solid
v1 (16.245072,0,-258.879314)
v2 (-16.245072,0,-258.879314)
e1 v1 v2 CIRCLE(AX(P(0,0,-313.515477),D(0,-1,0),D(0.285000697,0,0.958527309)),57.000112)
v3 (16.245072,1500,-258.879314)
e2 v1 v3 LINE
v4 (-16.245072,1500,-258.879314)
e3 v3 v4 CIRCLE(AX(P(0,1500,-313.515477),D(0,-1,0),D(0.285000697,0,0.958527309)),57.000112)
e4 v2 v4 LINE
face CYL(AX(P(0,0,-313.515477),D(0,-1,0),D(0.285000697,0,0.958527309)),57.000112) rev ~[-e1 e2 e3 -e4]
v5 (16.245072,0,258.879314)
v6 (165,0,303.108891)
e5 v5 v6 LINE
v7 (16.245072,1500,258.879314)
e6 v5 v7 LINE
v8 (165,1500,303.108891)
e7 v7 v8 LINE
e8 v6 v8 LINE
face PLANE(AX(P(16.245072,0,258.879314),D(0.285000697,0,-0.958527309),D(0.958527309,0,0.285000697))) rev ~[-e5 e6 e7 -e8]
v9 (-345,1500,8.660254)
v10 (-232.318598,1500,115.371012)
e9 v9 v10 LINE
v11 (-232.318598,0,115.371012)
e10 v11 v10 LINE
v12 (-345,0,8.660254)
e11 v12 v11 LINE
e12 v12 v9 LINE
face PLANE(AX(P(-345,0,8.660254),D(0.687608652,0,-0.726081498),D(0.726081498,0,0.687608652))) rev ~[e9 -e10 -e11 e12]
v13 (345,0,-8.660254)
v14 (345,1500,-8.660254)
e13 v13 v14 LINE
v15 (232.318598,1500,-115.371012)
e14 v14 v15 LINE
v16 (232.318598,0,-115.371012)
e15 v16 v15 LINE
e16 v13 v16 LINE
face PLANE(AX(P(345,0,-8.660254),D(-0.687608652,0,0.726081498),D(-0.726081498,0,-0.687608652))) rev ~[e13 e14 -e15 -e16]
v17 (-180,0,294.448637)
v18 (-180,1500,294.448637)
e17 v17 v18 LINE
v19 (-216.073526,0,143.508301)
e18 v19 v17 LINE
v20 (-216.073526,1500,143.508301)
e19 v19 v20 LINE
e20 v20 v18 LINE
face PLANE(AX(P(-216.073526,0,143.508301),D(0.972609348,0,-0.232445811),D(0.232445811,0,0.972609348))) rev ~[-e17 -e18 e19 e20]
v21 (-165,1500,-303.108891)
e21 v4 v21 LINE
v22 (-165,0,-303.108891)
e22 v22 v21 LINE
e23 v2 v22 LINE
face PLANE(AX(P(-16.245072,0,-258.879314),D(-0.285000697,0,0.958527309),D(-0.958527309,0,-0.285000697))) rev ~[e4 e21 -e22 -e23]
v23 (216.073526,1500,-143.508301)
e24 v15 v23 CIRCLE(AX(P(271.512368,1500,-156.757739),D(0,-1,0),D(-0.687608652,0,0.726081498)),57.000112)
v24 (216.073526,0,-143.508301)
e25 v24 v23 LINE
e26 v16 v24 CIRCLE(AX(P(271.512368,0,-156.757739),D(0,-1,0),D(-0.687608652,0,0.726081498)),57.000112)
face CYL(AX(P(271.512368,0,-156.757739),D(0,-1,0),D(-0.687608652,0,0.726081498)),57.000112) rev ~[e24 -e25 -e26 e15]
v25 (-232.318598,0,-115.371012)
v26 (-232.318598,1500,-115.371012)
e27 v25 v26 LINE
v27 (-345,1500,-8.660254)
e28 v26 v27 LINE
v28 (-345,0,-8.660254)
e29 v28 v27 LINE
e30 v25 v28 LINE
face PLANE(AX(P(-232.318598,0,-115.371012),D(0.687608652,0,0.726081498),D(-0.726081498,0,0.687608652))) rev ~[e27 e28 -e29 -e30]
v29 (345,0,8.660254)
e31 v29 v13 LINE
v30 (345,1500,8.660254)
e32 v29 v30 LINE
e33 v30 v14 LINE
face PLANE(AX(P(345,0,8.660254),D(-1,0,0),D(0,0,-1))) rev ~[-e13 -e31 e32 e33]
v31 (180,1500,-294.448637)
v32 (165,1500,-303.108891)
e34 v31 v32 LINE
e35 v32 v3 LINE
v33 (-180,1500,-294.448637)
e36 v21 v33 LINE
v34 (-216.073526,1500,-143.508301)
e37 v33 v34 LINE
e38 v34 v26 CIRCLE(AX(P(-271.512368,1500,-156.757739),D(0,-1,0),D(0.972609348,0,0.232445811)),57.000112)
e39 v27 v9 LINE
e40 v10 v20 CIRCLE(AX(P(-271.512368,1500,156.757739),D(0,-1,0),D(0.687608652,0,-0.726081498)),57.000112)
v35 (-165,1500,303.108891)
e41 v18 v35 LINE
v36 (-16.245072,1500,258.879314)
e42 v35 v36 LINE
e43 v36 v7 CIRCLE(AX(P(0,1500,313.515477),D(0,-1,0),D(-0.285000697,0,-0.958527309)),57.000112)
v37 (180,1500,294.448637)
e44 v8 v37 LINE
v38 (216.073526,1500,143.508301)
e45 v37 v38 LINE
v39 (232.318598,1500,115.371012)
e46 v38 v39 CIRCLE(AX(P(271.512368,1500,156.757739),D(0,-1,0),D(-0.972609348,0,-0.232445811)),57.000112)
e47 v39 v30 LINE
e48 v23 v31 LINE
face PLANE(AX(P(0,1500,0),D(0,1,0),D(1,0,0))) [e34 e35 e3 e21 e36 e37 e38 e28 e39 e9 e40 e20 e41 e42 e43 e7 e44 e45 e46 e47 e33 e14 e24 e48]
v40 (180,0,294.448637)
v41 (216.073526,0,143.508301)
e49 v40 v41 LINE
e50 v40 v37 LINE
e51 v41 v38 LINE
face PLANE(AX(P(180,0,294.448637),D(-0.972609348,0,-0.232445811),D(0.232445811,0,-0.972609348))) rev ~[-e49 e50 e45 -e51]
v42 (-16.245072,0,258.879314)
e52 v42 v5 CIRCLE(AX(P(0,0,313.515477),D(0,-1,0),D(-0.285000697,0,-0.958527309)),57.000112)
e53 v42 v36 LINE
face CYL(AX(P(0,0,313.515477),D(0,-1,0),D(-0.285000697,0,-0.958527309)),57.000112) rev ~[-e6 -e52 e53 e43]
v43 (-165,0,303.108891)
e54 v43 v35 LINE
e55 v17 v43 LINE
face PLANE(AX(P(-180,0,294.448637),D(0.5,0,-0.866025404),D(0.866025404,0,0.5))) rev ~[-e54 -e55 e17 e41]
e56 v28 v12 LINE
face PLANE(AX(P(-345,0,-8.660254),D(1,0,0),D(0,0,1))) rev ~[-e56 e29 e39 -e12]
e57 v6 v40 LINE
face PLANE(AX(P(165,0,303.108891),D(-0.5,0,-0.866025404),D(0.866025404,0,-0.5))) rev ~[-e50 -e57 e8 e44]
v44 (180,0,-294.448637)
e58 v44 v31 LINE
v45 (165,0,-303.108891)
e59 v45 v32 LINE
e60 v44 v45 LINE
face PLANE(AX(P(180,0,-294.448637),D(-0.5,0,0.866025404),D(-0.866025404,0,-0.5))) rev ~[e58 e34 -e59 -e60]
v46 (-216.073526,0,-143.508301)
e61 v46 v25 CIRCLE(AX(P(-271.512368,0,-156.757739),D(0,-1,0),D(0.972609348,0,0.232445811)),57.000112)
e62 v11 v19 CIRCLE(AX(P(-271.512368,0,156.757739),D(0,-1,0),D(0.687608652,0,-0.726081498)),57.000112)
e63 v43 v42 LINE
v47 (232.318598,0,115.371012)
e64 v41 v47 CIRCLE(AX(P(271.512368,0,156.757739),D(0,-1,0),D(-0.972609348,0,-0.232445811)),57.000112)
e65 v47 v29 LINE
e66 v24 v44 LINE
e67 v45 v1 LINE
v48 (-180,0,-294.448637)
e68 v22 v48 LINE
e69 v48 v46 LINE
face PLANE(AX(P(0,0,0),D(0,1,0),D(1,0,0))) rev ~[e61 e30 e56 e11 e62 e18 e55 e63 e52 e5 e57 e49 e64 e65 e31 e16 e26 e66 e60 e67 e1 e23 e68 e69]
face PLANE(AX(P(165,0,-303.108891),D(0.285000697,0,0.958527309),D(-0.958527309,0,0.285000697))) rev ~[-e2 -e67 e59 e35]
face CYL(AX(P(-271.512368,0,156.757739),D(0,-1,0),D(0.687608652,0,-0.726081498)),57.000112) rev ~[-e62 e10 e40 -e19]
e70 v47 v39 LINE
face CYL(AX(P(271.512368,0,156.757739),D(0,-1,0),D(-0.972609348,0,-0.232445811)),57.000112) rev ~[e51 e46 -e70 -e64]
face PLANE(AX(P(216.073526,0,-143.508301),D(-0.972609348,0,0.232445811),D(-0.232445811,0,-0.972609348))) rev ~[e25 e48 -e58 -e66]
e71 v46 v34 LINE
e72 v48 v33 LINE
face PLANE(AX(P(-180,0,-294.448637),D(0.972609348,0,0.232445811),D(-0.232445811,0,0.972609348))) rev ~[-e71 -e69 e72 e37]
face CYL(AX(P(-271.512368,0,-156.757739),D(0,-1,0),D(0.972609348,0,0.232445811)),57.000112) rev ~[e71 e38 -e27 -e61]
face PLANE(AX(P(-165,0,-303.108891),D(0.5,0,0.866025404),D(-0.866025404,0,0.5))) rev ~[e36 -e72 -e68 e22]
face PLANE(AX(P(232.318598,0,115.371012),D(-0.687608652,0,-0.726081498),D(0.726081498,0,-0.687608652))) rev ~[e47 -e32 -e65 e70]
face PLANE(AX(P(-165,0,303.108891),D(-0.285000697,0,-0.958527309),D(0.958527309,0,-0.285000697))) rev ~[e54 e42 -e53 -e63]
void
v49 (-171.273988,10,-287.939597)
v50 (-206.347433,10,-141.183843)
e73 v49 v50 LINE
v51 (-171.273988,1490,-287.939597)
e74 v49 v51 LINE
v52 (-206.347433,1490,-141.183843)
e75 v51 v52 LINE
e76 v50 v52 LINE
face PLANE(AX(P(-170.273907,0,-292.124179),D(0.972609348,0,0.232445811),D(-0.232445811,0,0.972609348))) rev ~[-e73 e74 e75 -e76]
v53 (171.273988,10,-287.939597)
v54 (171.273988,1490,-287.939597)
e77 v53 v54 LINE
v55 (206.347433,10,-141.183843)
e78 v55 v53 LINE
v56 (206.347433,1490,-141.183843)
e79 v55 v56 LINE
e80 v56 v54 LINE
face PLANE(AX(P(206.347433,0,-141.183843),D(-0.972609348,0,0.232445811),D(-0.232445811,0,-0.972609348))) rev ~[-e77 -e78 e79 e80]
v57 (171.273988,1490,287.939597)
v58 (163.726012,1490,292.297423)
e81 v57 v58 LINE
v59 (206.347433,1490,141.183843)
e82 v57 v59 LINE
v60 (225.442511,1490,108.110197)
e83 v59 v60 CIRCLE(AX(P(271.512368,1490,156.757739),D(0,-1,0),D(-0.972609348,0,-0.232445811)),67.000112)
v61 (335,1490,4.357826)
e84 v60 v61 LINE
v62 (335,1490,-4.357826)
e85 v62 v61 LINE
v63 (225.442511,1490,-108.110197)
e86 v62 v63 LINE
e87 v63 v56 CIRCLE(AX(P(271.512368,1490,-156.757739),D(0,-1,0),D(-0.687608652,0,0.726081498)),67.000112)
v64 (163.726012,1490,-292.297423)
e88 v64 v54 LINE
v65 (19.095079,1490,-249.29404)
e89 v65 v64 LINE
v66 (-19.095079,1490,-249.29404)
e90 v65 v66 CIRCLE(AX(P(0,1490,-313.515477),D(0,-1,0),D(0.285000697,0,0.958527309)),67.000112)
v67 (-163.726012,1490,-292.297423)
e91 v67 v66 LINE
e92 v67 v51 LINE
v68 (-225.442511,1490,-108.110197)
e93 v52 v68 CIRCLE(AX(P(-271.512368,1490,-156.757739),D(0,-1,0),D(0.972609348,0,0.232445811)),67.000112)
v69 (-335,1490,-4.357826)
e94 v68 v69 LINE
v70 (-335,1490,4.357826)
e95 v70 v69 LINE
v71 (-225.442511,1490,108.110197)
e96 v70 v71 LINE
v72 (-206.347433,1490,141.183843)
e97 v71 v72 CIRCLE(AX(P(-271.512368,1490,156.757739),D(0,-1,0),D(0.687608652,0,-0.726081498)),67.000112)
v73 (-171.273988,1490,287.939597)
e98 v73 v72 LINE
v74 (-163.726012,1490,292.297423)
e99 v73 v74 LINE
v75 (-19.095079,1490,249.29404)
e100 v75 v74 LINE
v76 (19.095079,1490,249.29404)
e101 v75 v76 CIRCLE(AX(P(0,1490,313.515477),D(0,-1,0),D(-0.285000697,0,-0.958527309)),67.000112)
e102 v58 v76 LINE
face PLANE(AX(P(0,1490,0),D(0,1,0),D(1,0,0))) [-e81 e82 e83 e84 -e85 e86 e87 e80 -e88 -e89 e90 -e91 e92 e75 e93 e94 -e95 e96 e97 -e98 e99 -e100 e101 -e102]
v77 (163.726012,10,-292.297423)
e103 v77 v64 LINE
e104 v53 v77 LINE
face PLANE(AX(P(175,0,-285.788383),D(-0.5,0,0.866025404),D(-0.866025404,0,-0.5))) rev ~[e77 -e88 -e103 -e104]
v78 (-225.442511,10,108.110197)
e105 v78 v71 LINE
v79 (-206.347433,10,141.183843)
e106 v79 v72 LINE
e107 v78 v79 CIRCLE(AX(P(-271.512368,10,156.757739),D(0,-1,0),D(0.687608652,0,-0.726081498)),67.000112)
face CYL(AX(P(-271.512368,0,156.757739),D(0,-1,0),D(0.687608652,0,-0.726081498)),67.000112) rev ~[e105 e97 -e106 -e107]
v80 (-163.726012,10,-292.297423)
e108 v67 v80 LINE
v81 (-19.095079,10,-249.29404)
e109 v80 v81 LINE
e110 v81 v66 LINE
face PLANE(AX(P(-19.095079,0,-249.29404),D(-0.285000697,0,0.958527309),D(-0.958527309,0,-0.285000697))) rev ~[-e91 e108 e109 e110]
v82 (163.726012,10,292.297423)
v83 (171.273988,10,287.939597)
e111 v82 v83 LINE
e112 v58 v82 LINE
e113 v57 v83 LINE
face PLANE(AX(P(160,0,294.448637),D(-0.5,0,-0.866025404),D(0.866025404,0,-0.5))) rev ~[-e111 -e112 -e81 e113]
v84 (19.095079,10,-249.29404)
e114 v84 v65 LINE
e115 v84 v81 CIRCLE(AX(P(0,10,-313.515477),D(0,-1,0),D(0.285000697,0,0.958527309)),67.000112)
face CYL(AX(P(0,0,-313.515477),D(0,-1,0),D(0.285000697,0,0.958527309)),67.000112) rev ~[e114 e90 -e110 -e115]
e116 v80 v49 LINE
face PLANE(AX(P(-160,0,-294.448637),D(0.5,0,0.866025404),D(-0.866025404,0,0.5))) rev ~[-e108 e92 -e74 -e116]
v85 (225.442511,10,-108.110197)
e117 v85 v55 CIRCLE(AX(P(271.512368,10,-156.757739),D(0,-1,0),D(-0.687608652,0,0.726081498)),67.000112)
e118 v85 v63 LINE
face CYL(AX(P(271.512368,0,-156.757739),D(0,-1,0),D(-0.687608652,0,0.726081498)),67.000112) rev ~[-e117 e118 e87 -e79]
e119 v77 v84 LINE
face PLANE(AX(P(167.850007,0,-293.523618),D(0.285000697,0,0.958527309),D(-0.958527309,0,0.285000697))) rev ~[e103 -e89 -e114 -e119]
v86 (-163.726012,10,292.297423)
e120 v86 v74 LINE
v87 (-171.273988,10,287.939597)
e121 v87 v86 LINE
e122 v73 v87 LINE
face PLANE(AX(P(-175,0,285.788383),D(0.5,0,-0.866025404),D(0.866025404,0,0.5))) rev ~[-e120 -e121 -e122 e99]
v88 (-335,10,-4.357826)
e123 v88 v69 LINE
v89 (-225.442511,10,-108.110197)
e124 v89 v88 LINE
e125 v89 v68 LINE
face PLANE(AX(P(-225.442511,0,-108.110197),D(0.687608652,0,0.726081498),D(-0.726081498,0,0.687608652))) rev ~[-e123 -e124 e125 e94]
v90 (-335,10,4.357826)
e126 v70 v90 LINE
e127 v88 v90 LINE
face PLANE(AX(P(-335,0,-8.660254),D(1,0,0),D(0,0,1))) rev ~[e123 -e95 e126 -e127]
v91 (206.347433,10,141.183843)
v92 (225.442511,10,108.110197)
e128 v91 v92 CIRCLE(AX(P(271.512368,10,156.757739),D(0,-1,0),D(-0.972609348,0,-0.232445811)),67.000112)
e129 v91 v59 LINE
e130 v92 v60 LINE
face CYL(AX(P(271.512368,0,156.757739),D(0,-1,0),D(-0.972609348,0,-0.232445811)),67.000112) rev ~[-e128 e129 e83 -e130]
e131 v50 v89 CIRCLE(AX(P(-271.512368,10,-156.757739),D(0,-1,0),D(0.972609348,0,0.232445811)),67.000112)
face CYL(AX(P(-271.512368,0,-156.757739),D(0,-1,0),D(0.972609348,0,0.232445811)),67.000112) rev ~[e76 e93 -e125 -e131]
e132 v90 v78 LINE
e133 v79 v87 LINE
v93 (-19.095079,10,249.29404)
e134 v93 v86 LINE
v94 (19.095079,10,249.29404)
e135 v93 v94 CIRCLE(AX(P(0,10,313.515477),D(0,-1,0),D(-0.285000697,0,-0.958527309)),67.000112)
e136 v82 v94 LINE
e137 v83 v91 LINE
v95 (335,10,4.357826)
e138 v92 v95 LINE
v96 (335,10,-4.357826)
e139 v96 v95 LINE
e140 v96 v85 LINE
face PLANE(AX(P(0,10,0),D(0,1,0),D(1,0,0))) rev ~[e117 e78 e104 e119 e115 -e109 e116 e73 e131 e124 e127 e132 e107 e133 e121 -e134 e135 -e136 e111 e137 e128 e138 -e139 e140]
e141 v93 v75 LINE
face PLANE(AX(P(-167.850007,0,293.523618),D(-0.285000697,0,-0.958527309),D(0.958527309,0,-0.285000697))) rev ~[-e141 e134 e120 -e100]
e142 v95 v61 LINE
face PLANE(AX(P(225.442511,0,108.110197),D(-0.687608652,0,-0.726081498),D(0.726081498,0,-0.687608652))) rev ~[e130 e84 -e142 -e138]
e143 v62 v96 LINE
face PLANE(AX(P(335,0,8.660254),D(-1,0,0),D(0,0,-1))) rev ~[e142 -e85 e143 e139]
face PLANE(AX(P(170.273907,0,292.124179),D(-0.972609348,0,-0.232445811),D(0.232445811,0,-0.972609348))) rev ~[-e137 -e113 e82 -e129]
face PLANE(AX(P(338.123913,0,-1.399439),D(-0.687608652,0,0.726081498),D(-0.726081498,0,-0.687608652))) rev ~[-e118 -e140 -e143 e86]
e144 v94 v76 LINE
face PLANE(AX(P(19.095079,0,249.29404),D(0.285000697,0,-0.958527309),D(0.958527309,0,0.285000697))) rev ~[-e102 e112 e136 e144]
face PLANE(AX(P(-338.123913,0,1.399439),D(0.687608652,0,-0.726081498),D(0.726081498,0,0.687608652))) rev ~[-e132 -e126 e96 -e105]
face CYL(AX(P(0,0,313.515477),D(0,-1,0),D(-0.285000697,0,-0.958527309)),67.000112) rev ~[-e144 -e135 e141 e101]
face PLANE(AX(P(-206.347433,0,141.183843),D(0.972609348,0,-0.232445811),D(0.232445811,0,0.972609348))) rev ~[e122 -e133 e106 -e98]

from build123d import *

# Parameters (mm, degrees)
EXTRUDE_1_DEPTH     = 1500
CUT_EXTRUDE_4_DEPTH = 1500
SHELL_3_T           = 10


with BuildPart() as part:
    # 草图2 → 凸台-拉伸1 (new body)
    with BuildSketch(Plane(origin=(0, 0, 0), x_dir=(1, 0, 0), z_dir=(0, 1, 0))):
        Polygon((345, 8.660254038), (180, 294.448637287), (165, 303.108891325), (-165, 303.108891325), (-180, 294.448637287), (-345, 8.660254038), (-345, -8.660254038), (-180, -294.448637287), (-165, -303.108891325), (165, -303.108891325), (180, -294.448637287), (345, -8.660254038), align=None)
    extrude(amount=EXTRUDE_1_DEPTH)

    # 草图5 → 切除-拉伸4 (cut)
    with BuildSketch(Plane(origin=(0, 0, 0), x_dir=(1, 0, 0), z_dir=(0, 1, 0))):
        with BuildLine():
            Line((165, 303.108891325), (16.245071573, 258.879313504))
            ThreePointArc((16.245071573, 258.879313504), (0, 256.515365505), (-16.245071573, 258.879313504))
            Line((-16.245071573, 258.879313504), (-165, 303.108891325))
            Line((-165, 303.108891325), (-165, 323.92213511))
            Line((-165, 323.92213511), (-16.245047342, 368.151648331))
            ThreePointArc((-16.245047342, 368.151648331), (0, 370.515589126), (16.245047342, 368.151648331))
            Line((16.245047342, 368.151648331), (165, 323.92213511))
            Line((165, 323.92213511), (165, 303.108891325))
        make_face()
        with BuildLine():
            Line((198.024797853, 304.855259179), (310.706156229, 198.14444785))
            ThreePointArc((310.706156229, 198.14444785), (320.875912682, 185.257794563), (326.951203571, 170.007200482))
            Line((326.951203571, 170.007200482), (363.024797853, 19.06687593))
            Line((363.024797853, 19.06687593), (345, 8.660254038))
            Line((345, 8.660254038), (232.318597795, 115.371012084))
            ThreePointArc((232.318597795, 115.371012084), (222.148822988, 128.257682752), (216.073526222, 143.50830142))
            Line((216.073526222, 143.50830142), (180, 294.448637287))
            Line((180, 294.448637287), (198.024797853, 304.855259179))
        make_face()
        with BuildLine():
            Line((363.024797853, -19.06687593), (326.951203571, -170.007200482))
            ThreePointArc((326.951203571, -170.007200482), (320.875912682, -185.257794563), (310.706156229, -198.14444785))
            Line((310.706156229, -198.14444785), (198.024797853, -304.855259179))
            Line((198.024797853, -304.855259179), (180, -294.448637287))
            Line((180, -294.448637287), (216.073526222, -143.50830142))
            ThreePointArc((216.073526222, -143.50830142), (222.148822988, -128.257682752), (232.318597795, -115.371012084))
            Line((232.318597795, -115.371012084), (345, -8.660254038))
            Line((345, -8.660254038), (363.024797853, -19.06687593))
        make_face()
        with BuildLine():
            Line((165, -323.92213511), (16.245047342, -368.151648331))
            ThreePointArc((16.245047342, -368.151648331), (0, -370.515589126), (-16.245047342, -368.151648331))
            Line((-16.245047342, -368.151648331), (-165, -323.92213511))
            Line((-165, -323.92213511), (-165, -303.108891325))
            Line((-165, -303.108891325), (-16.245071573, -258.879313504))
            ThreePointArc((-16.245071573, -258.879313504), (0, -256.515365505), (16.245071573, -258.879313504))
            Line((16.245071573, -258.879313504), (165, -303.108891325))
            Line((165, -303.108891325), (165, -323.92213511))
        make_face()
        with BuildLine():
            Line((-198.024797853, -304.855259179), (-310.706156229, -198.14444785))
            ThreePointArc((-310.706156229, -198.14444785), (-320.875912682, -185.257794563), (-326.951203571, -170.007200482))
            Line((-326.951203571, -170.007200482), (-363.024797853, -19.06687593))
            Line((-363.024797853, -19.06687593), (-345, -8.660254038))
            Line((-345, -8.660254038), (-232.318597795, -115.371012084))
            ThreePointArc((-232.318597795, -115.371012084), (-222.148822988, -128.257682752), (-216.073526222, -143.50830142))
            Line((-216.073526222, -143.50830142), (-180, -294.448637287))
            Line((-180, -294.448637287), (-198.024797853, -304.855259179))
        make_face()
        with BuildLine():
            Line((-363.024797853, 19.06687593), (-326.951203571, 170.007200482))
            ThreePointArc((-326.951203571, 170.007200482), (-320.875912682, 185.257794563), (-310.706156229, 198.14444785))
            Line((-310.706156229, 198.14444785), (-198.024797853, 304.855259179))
            Line((-198.024797853, 304.855259179), (-180, 294.448637287))
            Line((-180, 294.448637287), (-216.073526222, 143.50830142))
            ThreePointArc((-216.073526222, 143.50830142), (-222.148822988, 128.257682752), (-232.318597795, 115.371012084))
            Line((-232.318597795, 115.371012084), (-345, 8.660254038))
            Line((-345, 8.660254038), (-363.024797853, 19.06687593))
        make_face()
    extrude(amount=CUT_EXTRUDE_4_DEPTH, mode=Mode.SUBTRACT)

    # 抽壳3 (no face opened: a closed hollow body)
    add(offset(amount=-SHELL_3_T, mode=Mode.PRIVATE), mode=Mode.SUBTRACT)


solid = part.part
